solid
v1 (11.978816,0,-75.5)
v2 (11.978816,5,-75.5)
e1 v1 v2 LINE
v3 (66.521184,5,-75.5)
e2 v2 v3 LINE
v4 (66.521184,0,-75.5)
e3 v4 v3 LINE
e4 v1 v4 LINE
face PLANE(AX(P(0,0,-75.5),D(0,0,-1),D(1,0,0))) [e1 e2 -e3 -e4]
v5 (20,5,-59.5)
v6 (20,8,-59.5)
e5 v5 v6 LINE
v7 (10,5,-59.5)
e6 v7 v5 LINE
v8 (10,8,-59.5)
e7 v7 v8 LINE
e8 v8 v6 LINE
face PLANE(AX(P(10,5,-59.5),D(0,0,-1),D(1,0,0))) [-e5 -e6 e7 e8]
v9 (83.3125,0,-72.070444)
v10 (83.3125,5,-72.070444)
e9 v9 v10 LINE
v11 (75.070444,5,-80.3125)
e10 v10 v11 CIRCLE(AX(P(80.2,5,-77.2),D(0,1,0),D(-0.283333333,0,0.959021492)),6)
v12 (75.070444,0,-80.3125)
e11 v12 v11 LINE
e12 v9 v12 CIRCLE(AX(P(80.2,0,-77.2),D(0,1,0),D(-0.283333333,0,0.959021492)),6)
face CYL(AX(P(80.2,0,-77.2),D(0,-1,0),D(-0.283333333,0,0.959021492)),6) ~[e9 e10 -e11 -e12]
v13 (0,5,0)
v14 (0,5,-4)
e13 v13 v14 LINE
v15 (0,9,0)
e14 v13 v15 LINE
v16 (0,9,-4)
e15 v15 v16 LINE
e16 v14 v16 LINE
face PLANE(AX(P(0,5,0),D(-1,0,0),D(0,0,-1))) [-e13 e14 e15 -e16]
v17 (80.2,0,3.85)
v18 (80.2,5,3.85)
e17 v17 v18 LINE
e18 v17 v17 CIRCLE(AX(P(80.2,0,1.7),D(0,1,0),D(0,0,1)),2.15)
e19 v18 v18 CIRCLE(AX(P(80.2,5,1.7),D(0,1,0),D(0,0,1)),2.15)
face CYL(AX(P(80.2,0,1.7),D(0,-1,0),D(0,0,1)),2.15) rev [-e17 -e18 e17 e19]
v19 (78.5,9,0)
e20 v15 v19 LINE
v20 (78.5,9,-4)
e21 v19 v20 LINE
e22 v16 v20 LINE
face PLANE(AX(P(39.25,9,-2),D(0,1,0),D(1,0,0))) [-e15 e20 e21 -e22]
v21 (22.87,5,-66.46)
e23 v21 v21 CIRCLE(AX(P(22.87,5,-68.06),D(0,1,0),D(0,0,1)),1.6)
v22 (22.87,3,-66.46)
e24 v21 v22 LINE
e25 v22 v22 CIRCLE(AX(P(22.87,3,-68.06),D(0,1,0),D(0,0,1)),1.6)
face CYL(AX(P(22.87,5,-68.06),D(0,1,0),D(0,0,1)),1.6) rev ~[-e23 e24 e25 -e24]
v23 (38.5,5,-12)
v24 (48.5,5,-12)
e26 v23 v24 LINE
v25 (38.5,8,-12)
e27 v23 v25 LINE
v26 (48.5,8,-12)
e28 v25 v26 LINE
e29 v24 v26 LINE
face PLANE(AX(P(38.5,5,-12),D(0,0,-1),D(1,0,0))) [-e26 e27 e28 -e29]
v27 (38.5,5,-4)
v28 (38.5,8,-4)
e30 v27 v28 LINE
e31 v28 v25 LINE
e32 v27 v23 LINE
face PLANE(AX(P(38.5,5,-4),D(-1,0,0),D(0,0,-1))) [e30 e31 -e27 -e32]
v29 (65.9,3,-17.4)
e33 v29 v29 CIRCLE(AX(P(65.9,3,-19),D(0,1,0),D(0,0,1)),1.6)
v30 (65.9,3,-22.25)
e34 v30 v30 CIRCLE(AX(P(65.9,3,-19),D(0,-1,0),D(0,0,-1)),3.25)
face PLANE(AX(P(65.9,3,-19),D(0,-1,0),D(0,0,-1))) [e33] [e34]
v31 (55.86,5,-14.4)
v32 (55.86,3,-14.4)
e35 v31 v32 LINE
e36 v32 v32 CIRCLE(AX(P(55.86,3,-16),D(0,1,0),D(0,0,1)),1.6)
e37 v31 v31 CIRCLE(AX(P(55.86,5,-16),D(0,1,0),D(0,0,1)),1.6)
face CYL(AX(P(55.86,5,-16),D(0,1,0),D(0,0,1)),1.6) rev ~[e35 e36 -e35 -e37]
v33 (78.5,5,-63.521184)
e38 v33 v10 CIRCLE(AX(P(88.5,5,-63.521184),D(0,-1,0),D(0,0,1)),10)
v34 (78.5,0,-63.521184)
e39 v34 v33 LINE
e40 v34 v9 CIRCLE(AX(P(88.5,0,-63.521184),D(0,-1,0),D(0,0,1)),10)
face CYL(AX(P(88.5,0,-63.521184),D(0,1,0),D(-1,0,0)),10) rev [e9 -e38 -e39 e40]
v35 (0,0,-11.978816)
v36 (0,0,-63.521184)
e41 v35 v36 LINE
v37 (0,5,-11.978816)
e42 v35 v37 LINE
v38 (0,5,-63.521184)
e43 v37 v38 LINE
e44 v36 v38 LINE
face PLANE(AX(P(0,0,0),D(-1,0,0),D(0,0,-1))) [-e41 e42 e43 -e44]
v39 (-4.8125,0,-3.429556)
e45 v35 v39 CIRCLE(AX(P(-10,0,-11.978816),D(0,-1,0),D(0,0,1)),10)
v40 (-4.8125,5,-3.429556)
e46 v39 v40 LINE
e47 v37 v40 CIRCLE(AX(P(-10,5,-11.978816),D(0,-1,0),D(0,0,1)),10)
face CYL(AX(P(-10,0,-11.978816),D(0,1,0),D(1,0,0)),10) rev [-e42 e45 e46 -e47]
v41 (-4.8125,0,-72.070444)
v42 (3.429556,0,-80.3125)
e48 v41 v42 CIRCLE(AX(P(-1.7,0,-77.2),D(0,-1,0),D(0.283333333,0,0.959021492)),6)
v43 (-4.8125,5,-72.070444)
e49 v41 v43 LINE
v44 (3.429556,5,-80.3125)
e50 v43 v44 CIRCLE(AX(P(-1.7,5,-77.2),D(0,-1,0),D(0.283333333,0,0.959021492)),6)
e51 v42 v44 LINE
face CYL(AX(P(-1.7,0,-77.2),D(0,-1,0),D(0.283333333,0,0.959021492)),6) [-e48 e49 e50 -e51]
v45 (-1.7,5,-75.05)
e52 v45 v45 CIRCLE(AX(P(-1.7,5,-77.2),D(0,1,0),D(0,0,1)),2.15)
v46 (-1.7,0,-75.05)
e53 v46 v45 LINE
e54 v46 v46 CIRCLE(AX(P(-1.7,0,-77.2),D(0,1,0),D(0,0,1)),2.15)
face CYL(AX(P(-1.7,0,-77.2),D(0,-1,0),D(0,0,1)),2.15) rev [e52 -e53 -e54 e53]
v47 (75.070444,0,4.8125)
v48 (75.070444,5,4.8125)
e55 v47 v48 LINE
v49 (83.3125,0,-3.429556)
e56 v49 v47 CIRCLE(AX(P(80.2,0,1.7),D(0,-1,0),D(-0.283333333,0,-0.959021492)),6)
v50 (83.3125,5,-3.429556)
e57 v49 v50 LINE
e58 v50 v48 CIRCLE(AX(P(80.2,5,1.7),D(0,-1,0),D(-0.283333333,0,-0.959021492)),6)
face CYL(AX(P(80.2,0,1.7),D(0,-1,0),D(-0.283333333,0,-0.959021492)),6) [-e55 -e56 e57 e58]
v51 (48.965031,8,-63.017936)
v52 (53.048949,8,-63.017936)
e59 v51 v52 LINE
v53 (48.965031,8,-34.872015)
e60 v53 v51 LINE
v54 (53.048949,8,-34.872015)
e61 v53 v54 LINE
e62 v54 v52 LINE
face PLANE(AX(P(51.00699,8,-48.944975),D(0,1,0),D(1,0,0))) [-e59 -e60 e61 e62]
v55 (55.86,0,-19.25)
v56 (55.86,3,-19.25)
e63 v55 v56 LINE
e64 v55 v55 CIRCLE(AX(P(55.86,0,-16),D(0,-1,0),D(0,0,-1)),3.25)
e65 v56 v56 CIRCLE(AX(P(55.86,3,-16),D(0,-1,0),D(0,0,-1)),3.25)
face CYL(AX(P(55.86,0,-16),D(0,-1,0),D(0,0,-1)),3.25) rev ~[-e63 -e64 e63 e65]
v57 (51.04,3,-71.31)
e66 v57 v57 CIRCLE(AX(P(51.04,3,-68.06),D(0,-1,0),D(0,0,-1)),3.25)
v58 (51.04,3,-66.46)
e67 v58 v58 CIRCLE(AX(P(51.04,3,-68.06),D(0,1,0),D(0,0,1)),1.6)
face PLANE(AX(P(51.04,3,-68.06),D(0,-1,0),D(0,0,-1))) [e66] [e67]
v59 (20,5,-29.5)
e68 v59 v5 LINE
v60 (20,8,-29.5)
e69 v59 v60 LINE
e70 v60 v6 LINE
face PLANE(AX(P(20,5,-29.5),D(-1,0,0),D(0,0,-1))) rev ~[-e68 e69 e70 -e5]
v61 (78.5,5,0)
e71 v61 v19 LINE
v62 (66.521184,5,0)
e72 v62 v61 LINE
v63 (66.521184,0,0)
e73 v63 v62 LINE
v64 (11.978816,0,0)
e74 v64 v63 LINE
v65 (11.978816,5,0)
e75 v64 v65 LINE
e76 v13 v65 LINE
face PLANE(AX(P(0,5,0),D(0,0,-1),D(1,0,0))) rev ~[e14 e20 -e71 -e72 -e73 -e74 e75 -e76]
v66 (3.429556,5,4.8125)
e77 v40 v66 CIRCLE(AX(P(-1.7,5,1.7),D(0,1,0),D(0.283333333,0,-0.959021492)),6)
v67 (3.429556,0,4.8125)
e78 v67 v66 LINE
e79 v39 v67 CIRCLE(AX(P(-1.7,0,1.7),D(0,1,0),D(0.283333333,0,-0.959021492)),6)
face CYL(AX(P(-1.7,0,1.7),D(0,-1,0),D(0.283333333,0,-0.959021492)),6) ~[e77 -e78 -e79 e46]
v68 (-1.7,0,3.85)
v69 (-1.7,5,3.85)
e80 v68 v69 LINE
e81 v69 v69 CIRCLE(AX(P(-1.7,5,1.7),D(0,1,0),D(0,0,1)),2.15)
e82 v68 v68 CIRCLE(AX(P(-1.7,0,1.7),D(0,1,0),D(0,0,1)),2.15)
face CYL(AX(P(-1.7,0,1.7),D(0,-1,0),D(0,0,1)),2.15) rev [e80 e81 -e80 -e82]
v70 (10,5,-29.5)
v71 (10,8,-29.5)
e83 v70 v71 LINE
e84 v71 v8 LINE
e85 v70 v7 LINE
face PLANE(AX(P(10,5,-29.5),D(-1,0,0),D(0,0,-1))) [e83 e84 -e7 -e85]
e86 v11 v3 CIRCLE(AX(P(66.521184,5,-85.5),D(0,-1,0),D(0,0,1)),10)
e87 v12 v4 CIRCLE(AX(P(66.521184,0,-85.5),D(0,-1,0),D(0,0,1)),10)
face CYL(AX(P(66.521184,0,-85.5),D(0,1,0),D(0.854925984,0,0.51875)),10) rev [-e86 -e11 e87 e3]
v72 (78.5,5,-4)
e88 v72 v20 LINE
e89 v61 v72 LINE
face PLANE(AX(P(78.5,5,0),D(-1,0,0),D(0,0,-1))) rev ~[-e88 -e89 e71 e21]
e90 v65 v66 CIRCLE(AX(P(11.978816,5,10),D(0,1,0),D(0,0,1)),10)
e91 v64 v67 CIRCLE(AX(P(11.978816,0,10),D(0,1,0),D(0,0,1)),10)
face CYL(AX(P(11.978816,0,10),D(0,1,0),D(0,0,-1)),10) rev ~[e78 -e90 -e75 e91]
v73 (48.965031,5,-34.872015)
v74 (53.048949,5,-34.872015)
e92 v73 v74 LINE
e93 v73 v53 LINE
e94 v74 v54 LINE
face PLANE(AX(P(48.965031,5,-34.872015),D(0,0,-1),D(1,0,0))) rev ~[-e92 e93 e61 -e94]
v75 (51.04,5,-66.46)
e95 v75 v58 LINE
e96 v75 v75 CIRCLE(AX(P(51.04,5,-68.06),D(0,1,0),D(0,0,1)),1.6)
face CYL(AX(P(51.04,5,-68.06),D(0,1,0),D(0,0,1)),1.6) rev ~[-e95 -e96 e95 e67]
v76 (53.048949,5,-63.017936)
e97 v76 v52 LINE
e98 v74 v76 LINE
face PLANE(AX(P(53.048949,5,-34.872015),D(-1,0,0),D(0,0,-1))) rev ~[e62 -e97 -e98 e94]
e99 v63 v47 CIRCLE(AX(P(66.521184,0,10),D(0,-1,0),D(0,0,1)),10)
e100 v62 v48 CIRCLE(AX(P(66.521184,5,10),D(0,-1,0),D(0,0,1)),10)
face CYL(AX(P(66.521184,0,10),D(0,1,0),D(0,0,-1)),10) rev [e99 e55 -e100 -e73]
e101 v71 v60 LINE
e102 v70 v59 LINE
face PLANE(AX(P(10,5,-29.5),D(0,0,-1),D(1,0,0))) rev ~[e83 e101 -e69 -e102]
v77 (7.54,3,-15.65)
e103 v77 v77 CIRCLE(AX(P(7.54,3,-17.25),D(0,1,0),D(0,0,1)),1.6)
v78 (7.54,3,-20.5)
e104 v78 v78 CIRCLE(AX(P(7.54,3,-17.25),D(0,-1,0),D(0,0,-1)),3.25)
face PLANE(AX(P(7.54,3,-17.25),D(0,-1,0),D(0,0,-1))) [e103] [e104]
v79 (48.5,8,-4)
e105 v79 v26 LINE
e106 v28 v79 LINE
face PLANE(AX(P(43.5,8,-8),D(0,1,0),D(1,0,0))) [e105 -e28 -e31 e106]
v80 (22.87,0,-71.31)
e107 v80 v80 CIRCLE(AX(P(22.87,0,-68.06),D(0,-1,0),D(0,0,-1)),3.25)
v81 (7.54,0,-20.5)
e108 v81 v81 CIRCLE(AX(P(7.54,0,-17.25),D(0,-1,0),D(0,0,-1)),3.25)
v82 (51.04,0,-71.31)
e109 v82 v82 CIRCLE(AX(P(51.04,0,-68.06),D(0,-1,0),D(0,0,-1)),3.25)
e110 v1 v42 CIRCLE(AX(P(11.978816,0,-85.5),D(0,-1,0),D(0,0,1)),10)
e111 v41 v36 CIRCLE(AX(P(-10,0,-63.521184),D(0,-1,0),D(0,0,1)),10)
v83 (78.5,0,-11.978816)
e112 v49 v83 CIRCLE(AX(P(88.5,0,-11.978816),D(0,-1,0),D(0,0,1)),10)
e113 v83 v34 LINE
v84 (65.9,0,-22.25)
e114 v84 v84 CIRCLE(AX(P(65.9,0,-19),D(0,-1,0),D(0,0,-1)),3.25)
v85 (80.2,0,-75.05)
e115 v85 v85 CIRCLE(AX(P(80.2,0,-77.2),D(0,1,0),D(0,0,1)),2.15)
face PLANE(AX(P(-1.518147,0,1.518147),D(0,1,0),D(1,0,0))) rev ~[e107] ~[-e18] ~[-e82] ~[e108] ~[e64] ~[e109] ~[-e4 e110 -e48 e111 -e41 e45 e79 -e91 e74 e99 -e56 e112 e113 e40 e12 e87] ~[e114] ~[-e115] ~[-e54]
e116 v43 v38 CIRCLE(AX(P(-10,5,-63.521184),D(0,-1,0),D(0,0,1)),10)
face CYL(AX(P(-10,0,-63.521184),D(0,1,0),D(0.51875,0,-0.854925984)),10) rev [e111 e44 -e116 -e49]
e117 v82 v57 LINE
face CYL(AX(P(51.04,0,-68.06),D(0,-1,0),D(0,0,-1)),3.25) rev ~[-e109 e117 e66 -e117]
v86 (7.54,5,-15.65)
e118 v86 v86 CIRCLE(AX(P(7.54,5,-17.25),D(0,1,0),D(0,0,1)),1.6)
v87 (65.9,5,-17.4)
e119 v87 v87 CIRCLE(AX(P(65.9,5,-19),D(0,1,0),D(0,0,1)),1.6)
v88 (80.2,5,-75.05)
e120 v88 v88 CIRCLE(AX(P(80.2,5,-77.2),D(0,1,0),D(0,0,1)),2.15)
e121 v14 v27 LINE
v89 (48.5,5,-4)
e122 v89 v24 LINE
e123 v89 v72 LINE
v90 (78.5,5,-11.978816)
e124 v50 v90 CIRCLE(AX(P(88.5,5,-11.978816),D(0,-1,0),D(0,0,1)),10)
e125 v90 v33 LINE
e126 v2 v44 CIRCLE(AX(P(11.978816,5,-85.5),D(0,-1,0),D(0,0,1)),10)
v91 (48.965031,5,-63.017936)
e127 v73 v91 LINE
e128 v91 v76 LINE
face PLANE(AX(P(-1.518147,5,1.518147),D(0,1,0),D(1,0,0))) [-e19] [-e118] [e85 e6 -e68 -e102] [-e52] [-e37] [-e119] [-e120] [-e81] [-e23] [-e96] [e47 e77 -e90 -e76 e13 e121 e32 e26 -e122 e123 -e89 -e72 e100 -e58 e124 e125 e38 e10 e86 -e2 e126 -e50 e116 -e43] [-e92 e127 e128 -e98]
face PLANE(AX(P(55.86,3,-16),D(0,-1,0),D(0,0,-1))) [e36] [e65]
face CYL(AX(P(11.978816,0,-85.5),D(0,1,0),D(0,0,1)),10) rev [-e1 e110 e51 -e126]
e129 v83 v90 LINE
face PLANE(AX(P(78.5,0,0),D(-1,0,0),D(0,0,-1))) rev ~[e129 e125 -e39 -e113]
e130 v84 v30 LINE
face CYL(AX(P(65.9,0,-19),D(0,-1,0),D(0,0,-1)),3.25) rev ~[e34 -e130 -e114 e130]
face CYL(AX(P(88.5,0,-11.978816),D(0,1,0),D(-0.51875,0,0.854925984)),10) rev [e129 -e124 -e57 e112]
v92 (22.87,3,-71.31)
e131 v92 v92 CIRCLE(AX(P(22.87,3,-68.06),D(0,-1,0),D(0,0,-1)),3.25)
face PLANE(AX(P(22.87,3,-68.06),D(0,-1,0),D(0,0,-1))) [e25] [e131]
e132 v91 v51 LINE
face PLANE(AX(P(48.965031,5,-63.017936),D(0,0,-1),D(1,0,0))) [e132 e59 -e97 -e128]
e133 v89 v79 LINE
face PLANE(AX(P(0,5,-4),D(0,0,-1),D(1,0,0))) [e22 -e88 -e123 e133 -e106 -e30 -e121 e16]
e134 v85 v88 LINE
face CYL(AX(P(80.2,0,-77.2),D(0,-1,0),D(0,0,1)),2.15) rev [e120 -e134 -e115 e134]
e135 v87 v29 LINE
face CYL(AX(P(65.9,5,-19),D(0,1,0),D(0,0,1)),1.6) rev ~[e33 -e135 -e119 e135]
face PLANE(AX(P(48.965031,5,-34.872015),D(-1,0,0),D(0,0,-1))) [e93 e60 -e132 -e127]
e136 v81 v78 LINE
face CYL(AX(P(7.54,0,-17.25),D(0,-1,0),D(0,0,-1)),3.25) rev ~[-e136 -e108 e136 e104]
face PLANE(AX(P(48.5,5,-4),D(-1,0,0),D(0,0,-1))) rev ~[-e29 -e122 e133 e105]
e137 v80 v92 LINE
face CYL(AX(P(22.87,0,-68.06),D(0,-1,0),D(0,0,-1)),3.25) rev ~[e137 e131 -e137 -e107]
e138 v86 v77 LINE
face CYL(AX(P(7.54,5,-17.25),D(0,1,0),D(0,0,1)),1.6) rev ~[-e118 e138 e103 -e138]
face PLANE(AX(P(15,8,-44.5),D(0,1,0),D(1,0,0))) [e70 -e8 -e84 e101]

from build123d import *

# Parameters (mm, degrees)
SKETCH1_W           = 78.5
SKETCH1_H           = 75.5
BOSS_EXTRUDE1_DEPTH = 5
SKETCH2_W           = 10
SKETCH2_H           = 30
SKETCH2_W_2         = 4.083917928
SKETCH2_H_2         = 28.145920853
SKETCH2_H_3         = 8
BOSS_EXTRUDE2_DEPTH = 3
SKETCH6_R           = 2.15
BOSS_EXTRUDE3_DEPTH = 5
SKETCH3_R           = 1.6
CUT_EXTRUDE3_DEPTH  = 10
SKETCH5_R           = 3.25
CUT_EXTRUDE4_DEPTH  = 3
SKETCH9_W           = 78.5
SKETCH9_H           = 4
BOSS_EXTRUDE5_DEPTH = 4
FILLET2_R           = 10
FILLET3_R           = 10
FILLET4_R           = 10
FILLET5_R           = 10
FILLET6_R           = 10
FILLET7_R           = 10
FILLET8_R           = 10
FILLET9_R           = 10


with BuildPart() as part:
    # Sketch1 → Boss-Extrude1 (new body)
    with BuildSketch(Plane(origin=(0, 0, 0), x_dir=(1, 0, 0), z_dir=(0, 1, 0))):
        with Locations((39.25, 37.75)):
            Rectangle(SKETCH1_W, SKETCH1_H)
    extrude(amount=BOSS_EXTRUDE1_DEPTH)

    # Sketch2 → Boss-Extrude2 (add)
    with BuildSketch(Plane(origin=(0, 5, 0), x_dir=(1, 0, 0), z_dir=(0, 1, 0))):
        with Locations((15, 44.5)):
            Rectangle(SKETCH2_W, SKETCH2_H)
        with Locations((51.006989776, 48.944975154)):
            Rectangle(SKETCH2_W_2, SKETCH2_H_2)
        with Locations((43.5, 8)):
            Rectangle(SKETCH2_W, SKETCH2_H_3)
    extrude(amount=BOSS_EXTRUDE2_DEPTH)

    # Sketch6 → Boss-Extrude3 (add)
    # profile 1 of 4: a face of its own
    with BuildSketch(Plane(origin=(0, 0, 0), x_dir=(1, 0, 0), z_dir=(0, 1, 0))):
        with BuildLine():
            Line((0, 0), (0, 4.054128952))
            ThreePointArc((0, 4.054128952), (-5.942640687, -5.942640687), (4.054128952, 0))
            Line((4.054128952, 0), (0, 0))
        make_face()
        with Locations(Location((-1.7, -1.7, 0), (0, 0, 270))):
            Circle(SKETCH6_R, mode=Mode.SUBTRACT)
    # profile 2 of 4: a face of its own
    with BuildSketch(Plane(origin=(0, 0, 0), x_dir=(1, 0, 0), z_dir=(0, 1, 0))):
        with BuildLine():
            ThreePointArc((78.5, 4.054128952), (84.442640687, -5.942640687), (74.445871048, 0))
            Line((74.445871048, 0), (78.5, 0))
            Line((78.5, 0), (78.5, 4.054128952))
        make_face()
        with Locations(Location((80.2, -1.7, 0), (0, 0, 270))):
            Circle(SKETCH6_R, mode=Mode.SUBTRACT)
    # profile 3 of 4: a face of its own
    with BuildSketch(Plane(origin=(0, 0, 0), x_dir=(1, 0, 0), z_dir=(0, 1, 0))):
        with BuildLine():
            ThreePointArc((0, 71.445871048), (-5.942640687, 81.442640687), (4.054128952, 75.5))
            Line((4.054128952, 75.5), (0, 75.5))
            Line((0, 75.5), (0, 71.445871048))
        make_face()
        with Locations(Location((-1.7, 77.2, 0), (0, 0, 270))):
            Circle(SKETCH6_R, mode=Mode.SUBTRACT)
    # profile 4 of 4: a face of its own
    with BuildSketch(Plane(origin=(0, 0, 0), x_dir=(1, 0, 0), z_dir=(0, 1, 0))):
        with BuildLine():
            Line((78.5, 75.5), (78.5, 71.445871048))
            ThreePointArc((78.5, 71.445871048), (84.442640687, 81.442640687), (74.445871048, 75.5))
            Line((74.445871048, 75.5), (78.5, 75.5))
        make_face()
        with Locations(Location((80.2, 77.2, 0), (0, 0, 270))):
            Circle(SKETCH6_R, mode=Mode.SUBTRACT)
    extrude(amount=BOSS_EXTRUDE3_DEPTH)

    # Sketch3 → Cut-Extrude3 (cut)
    with BuildSketch(Plane(origin=(0, 5, 0), x_dir=(1, 0, 0), z_dir=(0, 1, 0))):
        with Locations(Location((7.54, 17.25, 0), (0, 0, 270))):
            Circle(SKETCH3_R)
        with Locations(Location((55.86, 16, 0), (0, 0, 270))):
            Circle(SKETCH3_R)
        with Locations(Location((22.87, 68.06, 0), (0, 0, 270))):
            Circle(SKETCH3_R)
        with Locations(Location((51.04, 68.06, 0), (0, 0, 270))):
            Circle(SKETCH3_R)
        with Locations(Location((65.9, 19, 0), (0, 0, 270))):
            Circle(SKETCH3_R)
    extrude(amount=-CUT_EXTRUDE3_DEPTH, mode=Mode.SUBTRACT)

    # Sketch5 → Cut-Extrude4 (cut)
    with BuildSketch(Plane.XZ):
        with Locations(Location((7.54, -17.25, 0), (0, 0, 270))):
            Circle(SKETCH5_R)
        with Locations(Location((55.86, -16, 0), (0, 0, 270))):
            Circle(SKETCH5_R)
        with Locations(Location((22.87, -68.06, 0), (0, 0, 270))):
            Circle(SKETCH5_R)
        with Locations(Location((51.04, -68.06, 0), (0, 0, 270))):
            Circle(SKETCH5_R)
        with Locations(Location((65.9, -19, 0), (0, 0, 270))):
            Circle(SKETCH5_R)
    extrude(amount=-CUT_EXTRUDE4_DEPTH, mode=Mode.SUBTRACT)

    # Sketch9 → Boss-Extrude5 (add)
    with BuildSketch(Plane(origin=(0, 5, 0), x_dir=(1, 0, 0), z_dir=(0, 1, 0))):
        with Locations((39.25, 2)):
            Rectangle(SKETCH9_W, SKETCH9_H)
    extrude(amount=BOSS_EXTRUDE5_DEPTH)

    # Fillet2
    fillet2_edges = [part.edges().sort_by_distance(p)[0] for p in [
        (4.054128952, 2.5, 0),
    ]]
    fillet(fillet2_edges, radius=FILLET2_R)

    # Fillet3
    fillet3_edges = [part.edges().sort_by_distance(p)[0] for p in [
        (74.445871048, 2.5, 0),
    ]]
    fillet(fillet3_edges, radius=FILLET3_R)

    # Fillet4
    fillet4_edges = [part.edges().sort_by_distance(p)[0] for p in [
        (78.5, 2.5, -4.054128952),
    ]]
    fillet(fillet4_edges, radius=FILLET4_R)

    # Fillet5
    fillet5_edges = [part.edges().sort_by_distance(p)[0] for p in [
        (78.5, 2.5, -71.445871048),
    ]]
    fillet(fillet5_edges, radius=FILLET5_R)

    # Fillet6
    fillet6_edges = [part.edges().sort_by_distance(p)[0] for p in [
        (74.445871048, 2.5, -75.5),
    ]]
    fillet(fillet6_edges, radius=FILLET6_R)

    # Fillet7
    fillet7_edges = [part.edges().sort_by_distance(p)[0] for p in [
        (4.054128952, 2.5, -75.5),
    ]]
    fillet(fillet7_edges, radius=FILLET7_R)

    # Fillet8
    fillet8_edges = [part.edges().sort_by_distance(p)[0] for p in [
        (0, 2.5, -71.445871048),
    ]]
    fillet(fillet8_edges, radius=FILLET8_R)

    # Fillet9
    fillet9_edges = [part.edges().sort_by_distance(p)[0] for p in [
        (0, 2.5, -4.054128952),
    ]]
    fillet(fillet9_edges, radius=FILLET9_R)


solid = part.part
